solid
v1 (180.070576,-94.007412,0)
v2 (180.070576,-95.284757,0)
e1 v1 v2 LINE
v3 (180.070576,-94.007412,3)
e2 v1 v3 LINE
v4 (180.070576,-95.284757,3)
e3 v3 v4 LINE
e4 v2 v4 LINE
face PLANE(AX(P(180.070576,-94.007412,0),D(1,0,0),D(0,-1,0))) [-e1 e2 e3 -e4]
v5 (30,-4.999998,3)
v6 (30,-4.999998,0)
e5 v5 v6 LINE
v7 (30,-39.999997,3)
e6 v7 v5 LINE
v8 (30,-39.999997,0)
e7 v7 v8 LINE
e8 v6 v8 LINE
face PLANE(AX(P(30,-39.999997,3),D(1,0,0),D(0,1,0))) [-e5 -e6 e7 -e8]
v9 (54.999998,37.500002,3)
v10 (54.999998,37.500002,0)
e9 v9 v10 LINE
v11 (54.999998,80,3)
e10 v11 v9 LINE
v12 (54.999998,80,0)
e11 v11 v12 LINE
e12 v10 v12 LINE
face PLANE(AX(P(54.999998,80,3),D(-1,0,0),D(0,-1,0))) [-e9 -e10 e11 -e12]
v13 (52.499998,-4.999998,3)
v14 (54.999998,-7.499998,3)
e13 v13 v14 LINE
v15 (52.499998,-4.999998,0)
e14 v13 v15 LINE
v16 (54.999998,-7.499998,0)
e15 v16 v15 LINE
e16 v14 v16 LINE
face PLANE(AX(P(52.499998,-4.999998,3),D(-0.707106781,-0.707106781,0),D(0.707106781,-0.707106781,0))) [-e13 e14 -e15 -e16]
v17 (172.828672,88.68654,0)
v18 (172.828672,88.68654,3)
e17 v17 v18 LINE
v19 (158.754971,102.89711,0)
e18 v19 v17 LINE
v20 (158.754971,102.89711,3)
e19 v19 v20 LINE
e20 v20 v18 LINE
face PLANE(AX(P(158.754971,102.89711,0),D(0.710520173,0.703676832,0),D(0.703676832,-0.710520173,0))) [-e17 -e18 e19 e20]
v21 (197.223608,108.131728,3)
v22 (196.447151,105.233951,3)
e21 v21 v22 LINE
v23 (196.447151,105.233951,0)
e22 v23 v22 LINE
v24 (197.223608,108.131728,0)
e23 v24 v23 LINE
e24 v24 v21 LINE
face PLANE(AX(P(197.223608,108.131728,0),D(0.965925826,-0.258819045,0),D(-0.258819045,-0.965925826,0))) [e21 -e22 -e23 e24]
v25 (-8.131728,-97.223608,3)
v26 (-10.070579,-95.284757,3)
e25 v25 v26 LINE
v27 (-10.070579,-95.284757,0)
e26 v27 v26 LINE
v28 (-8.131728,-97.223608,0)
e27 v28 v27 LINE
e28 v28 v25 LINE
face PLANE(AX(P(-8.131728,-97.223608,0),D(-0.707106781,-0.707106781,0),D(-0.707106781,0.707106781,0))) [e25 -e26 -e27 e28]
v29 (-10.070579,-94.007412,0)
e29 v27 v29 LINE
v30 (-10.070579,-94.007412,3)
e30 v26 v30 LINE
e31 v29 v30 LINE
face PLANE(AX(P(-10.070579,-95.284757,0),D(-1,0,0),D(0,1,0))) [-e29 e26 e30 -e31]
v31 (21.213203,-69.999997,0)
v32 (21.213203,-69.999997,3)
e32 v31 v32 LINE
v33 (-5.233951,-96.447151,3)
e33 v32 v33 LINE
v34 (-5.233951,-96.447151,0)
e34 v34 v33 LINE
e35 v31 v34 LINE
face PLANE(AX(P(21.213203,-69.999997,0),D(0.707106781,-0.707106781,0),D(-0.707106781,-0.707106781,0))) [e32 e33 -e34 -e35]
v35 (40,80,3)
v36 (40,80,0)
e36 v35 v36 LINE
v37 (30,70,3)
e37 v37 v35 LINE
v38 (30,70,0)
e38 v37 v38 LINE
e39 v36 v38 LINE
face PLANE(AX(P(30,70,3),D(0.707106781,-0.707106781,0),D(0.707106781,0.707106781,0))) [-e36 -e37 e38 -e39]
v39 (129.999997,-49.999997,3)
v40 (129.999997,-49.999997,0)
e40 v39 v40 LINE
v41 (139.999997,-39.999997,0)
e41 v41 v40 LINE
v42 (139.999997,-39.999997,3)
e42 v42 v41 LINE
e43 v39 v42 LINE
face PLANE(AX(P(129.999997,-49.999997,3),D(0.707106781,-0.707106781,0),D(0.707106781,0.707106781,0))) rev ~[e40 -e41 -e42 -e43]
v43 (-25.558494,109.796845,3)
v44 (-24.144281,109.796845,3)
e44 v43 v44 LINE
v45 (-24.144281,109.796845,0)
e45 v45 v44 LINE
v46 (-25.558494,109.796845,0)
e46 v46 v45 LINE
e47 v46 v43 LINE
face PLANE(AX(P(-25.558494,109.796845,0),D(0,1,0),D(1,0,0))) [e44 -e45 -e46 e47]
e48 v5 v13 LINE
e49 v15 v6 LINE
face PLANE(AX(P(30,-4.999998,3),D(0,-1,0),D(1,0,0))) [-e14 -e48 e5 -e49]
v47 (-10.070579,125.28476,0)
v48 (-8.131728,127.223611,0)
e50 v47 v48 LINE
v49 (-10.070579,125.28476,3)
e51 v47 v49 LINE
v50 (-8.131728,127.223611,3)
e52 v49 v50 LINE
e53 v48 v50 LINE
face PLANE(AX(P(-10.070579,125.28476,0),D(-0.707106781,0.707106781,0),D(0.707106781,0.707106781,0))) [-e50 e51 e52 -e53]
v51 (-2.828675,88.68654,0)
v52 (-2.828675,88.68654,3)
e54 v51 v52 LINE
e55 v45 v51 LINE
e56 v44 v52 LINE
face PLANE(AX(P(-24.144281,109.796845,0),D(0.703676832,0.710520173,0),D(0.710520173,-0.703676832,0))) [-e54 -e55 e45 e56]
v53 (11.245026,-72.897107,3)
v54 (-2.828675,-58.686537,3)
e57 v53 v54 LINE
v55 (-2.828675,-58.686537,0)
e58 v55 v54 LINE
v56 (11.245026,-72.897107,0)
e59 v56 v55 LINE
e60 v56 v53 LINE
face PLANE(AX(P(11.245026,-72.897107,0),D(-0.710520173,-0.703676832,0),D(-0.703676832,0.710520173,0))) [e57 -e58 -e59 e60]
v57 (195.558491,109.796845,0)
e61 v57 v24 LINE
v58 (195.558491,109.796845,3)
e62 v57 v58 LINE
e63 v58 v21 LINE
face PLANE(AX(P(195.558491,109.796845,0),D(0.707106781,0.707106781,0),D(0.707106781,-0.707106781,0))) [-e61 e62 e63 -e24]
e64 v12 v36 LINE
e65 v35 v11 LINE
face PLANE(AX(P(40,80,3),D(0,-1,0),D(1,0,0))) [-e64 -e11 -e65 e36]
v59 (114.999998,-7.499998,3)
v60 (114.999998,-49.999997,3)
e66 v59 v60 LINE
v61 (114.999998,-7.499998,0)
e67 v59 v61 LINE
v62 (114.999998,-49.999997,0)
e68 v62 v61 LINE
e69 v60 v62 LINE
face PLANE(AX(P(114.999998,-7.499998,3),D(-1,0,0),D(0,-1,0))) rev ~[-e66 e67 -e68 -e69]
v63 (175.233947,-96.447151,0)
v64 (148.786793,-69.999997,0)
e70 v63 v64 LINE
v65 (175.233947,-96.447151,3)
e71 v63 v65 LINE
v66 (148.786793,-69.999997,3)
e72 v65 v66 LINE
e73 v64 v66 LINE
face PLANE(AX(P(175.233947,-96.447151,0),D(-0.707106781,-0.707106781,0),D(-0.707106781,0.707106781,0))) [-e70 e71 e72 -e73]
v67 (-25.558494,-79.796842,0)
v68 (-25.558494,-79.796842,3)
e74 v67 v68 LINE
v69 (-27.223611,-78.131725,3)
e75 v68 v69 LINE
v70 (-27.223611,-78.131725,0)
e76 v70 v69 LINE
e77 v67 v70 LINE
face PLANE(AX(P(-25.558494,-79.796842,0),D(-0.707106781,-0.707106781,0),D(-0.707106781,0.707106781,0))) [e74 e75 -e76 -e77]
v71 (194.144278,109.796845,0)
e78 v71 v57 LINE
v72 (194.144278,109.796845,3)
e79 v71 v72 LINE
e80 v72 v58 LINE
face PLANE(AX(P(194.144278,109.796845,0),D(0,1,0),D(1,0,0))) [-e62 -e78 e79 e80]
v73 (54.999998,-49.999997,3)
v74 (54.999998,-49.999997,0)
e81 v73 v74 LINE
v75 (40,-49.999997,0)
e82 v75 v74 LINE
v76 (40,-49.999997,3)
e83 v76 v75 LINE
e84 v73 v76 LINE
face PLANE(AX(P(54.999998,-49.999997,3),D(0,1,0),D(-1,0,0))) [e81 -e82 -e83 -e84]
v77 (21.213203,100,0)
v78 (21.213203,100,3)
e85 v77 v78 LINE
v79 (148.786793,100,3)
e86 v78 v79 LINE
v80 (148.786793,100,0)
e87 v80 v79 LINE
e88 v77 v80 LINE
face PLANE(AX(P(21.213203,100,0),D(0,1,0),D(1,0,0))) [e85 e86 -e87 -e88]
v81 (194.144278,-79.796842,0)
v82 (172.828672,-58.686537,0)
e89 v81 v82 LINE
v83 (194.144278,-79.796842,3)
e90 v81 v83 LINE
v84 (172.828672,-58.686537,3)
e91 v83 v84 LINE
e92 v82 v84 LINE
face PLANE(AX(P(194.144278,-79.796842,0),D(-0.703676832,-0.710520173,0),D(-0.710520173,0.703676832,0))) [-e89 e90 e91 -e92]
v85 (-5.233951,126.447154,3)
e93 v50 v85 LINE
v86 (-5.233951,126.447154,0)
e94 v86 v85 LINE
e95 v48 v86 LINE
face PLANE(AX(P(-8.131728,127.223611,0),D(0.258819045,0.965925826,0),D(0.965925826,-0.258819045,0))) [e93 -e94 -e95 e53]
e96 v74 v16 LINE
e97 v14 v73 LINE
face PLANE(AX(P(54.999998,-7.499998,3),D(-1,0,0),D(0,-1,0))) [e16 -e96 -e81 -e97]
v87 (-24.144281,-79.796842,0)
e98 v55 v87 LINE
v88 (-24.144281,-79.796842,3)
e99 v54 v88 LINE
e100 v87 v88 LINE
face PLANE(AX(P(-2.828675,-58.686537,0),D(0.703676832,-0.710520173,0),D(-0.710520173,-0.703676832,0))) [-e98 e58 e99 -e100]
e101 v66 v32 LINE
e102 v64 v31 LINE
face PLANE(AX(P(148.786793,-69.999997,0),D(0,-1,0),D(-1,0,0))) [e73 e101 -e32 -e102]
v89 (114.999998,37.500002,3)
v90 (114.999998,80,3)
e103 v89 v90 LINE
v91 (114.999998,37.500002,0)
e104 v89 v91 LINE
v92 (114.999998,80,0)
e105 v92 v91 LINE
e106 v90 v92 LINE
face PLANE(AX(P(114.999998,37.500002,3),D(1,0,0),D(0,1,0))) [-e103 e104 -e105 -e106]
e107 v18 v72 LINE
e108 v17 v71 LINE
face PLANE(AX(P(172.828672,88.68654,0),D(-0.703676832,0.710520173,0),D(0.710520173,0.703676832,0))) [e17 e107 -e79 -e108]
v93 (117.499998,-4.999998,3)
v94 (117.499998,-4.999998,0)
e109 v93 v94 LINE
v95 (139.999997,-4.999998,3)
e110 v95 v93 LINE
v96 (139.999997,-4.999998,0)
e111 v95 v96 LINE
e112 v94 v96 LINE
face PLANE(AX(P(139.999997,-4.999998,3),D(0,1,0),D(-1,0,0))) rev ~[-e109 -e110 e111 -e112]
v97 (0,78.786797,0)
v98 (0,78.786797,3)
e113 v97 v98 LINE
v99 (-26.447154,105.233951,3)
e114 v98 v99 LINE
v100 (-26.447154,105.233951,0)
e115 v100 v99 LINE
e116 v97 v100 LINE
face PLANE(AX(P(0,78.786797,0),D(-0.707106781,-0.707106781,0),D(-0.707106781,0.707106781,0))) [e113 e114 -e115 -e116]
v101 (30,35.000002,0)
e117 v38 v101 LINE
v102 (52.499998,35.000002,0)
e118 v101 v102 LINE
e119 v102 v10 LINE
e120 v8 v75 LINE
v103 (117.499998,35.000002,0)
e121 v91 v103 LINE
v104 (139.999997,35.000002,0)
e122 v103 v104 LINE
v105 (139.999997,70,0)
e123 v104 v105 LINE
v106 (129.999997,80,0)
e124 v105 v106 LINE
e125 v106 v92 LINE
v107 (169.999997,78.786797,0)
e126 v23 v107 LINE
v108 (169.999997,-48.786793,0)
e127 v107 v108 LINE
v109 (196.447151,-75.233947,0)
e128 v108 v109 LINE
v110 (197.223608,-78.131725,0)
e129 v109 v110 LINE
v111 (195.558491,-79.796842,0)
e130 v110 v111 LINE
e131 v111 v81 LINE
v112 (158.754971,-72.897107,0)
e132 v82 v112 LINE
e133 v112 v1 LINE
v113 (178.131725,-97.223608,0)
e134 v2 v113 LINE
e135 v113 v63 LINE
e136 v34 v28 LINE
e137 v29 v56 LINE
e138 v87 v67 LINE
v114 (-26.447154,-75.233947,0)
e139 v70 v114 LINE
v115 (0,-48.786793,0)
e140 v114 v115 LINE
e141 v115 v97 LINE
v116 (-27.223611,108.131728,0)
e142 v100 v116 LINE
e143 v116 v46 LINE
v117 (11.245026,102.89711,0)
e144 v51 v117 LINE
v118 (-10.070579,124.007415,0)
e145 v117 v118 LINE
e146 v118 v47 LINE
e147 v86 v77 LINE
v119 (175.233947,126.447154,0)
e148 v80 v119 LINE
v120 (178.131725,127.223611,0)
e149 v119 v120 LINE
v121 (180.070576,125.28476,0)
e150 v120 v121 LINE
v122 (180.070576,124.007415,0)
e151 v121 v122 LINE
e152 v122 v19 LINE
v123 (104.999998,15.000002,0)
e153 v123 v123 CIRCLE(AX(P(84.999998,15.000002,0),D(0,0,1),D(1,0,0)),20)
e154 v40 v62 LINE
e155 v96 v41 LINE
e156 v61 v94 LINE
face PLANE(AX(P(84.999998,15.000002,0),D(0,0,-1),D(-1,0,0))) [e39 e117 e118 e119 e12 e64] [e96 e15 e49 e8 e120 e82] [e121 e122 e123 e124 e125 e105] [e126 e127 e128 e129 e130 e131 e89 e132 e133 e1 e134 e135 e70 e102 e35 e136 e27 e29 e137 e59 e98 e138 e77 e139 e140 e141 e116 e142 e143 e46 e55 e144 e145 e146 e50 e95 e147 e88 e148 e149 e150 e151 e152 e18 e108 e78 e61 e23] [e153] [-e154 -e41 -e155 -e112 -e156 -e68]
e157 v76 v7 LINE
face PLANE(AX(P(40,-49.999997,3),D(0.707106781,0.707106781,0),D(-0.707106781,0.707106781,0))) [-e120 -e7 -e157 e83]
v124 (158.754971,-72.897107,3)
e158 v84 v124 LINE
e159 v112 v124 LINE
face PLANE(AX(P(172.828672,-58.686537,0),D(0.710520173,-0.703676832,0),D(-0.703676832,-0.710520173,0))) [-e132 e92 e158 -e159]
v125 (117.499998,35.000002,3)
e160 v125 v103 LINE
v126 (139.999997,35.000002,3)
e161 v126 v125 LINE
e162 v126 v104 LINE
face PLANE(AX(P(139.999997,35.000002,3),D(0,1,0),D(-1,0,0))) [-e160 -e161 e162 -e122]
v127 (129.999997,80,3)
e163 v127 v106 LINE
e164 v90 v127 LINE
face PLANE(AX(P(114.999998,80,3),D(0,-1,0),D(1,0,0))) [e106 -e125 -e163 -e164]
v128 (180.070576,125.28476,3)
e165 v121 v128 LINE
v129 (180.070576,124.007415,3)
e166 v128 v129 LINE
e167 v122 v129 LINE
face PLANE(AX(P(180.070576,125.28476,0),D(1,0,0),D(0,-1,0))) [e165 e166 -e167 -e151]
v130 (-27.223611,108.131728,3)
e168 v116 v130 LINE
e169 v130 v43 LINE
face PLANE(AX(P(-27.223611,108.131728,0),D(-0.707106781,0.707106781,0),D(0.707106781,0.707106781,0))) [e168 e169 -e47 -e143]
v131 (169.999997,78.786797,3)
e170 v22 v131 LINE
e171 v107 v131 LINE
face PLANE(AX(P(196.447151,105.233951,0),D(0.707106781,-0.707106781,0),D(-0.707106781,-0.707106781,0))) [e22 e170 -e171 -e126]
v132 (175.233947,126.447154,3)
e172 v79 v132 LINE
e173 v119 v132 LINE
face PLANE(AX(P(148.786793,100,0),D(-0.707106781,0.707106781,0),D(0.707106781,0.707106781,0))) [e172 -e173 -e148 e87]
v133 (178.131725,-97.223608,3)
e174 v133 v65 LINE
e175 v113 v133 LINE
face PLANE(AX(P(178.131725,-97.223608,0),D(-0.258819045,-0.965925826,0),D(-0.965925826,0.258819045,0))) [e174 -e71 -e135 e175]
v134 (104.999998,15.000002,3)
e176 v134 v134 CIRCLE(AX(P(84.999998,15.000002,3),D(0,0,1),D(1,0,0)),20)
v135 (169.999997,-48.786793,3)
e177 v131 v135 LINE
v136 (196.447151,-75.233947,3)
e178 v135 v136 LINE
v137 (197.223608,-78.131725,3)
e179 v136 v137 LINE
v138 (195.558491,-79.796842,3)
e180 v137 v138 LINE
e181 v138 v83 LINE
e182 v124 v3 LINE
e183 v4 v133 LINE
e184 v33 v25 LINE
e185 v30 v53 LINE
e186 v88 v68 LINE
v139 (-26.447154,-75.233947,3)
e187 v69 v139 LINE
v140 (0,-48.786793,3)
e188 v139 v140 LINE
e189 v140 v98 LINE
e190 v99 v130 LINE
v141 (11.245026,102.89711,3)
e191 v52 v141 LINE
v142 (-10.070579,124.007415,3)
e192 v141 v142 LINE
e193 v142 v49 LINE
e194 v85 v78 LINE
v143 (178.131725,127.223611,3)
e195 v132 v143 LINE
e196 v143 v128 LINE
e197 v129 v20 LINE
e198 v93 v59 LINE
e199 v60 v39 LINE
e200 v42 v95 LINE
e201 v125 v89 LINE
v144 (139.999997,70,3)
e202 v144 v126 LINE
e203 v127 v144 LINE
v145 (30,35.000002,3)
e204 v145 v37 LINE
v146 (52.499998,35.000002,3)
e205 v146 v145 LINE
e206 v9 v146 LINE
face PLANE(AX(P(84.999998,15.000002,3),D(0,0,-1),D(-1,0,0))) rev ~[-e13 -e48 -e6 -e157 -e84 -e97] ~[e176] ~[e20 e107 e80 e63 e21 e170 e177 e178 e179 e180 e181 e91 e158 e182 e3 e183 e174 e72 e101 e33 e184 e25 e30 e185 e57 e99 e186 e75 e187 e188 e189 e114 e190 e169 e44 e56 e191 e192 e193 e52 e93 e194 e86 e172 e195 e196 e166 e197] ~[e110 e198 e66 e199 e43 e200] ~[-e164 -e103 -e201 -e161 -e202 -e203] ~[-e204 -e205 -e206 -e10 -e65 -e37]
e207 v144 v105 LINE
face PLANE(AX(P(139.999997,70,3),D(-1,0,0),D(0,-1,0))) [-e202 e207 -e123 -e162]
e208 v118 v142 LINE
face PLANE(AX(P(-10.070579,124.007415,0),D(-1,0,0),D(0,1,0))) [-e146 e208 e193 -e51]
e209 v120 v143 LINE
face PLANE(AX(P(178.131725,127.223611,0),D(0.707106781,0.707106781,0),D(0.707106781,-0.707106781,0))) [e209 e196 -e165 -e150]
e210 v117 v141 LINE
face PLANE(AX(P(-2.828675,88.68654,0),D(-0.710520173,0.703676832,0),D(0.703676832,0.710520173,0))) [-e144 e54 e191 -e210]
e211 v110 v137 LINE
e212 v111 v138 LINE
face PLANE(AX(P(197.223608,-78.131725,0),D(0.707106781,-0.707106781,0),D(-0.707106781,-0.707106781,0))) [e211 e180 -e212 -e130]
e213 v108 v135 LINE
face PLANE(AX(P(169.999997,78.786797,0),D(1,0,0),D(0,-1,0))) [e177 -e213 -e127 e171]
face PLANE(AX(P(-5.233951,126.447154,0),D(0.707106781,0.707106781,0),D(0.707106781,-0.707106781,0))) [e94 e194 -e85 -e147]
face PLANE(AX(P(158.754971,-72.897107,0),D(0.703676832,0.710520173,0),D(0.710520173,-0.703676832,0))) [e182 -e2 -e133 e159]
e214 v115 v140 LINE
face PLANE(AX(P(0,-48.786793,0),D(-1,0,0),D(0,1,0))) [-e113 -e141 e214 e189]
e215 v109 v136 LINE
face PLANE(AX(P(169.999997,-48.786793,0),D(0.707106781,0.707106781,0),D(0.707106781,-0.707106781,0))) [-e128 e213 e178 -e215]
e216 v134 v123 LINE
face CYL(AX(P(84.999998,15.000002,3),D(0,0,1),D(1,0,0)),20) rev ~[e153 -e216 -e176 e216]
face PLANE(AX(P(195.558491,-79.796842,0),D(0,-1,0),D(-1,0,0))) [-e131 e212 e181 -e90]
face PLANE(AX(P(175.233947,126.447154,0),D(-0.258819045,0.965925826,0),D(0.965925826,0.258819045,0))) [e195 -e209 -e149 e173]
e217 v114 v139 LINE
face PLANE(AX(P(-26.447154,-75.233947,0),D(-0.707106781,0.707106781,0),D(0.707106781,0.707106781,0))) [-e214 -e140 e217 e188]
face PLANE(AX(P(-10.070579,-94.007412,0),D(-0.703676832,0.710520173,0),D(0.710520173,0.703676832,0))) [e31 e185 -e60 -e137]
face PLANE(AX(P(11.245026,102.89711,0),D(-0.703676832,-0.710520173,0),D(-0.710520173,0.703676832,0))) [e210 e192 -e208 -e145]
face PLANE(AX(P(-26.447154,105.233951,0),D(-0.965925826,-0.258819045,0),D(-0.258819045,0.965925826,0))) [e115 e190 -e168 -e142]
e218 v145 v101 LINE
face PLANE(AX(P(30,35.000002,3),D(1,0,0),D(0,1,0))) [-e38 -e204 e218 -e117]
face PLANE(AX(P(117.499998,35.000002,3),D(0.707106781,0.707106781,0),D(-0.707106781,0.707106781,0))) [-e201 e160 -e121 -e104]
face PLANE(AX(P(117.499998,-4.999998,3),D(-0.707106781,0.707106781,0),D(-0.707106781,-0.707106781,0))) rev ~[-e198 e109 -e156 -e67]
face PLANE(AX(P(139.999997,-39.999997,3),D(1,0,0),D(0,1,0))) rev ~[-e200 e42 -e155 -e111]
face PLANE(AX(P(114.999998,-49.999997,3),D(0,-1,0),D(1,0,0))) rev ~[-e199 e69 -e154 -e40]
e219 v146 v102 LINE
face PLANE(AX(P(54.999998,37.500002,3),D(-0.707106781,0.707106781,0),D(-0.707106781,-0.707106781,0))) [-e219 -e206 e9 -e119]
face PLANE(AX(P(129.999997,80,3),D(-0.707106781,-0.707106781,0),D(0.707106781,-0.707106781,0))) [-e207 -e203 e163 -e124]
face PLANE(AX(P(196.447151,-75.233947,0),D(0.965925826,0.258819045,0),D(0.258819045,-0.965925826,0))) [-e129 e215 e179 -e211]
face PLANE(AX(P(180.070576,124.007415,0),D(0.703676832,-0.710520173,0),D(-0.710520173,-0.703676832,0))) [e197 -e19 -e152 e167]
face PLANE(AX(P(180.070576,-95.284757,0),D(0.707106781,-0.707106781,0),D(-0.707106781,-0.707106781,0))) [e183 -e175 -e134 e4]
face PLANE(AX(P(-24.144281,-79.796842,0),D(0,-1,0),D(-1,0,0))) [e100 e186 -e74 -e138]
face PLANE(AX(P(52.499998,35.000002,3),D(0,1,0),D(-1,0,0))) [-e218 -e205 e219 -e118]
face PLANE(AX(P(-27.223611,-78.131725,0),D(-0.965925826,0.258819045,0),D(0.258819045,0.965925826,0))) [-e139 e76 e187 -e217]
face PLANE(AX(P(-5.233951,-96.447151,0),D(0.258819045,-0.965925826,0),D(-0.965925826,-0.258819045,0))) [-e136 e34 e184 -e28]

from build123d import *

# Parameters (mm, degrees)
BOSS_EXTRUDE1_DEPTH = 3
SKETCH2_R           = 20
CUT_EXTRUDE1_DEPTH  = 10


with BuildPart() as part:
    # Sketch1 → Boss-Extrude1 (new body)
    with BuildSketch(Plane.XY):
        Polygon((158.754970941, -72.897106565), (180.070576123, -94.00741153), (180.070576123, -95.284756679), (178.131724855, -97.223607947), (175.233947376, -96.447150811), (148.786793436, -69.999996871), (21.213203436, -69.999996871), (-5.233950505, -96.447150811), (-8.131727984, -97.223607947), (-10.070579252, -95.284756679), (-10.070579252, -94.00741153), (11.24502593, -72.897106565), (-2.828675487, -58.686536734), (-24.144280669, -79.796841699), (-25.558494231, -79.796841699), (-27.223611076, -78.131724855), (-26.44715394, -75.233947376), (0, -48.786793435), (0, 78.786796565), (-26.44715394, 105.233950505), (-27.223611076, 108.131727984), (-25.558494231, 109.796844828), (-24.144280669, 109.796844828), (-2.828675487, 88.686539863), (11.24502593, 102.897109694), (-10.070579252, 124.007414659), (-10.070579252, 125.284759808), (-8.131727984, 127.223611076), (-5.233950505, 126.447153941), (21.213203436, 100), (148.786793436, 100), (175.233947376, 126.447153941), (178.131724855, 127.223611076), (180.070576123, 125.284759808), (180.070576123, 124.007414659), (158.754970941, 102.897109694), (172.828672358, 88.686539863), (194.14427754, 109.796844828), (195.558491102, 109.796844828), (197.223607947, 108.131727984), (196.447150812, 105.233950505), (169.999996871, 78.786796565), (169.999996871, -48.786793435), (196.447150812, -75.233947376), (197.223607947, -78.131724855), (195.558491102, -79.796841699), (194.14427754, -79.796841699), (172.828672358, -58.686536734), align=None)
    extrude(amount=BOSS_EXTRUDE1_DEPTH)

    # Sketch2 → Cut-Extrude1 (cut)
    with BuildSketch(Plane.XY.offset(3)):
        with Locations((84.999998436, 15.000001565)):
            Circle(SKETCH2_R)
        Polygon((30, 70), (40, 80), (54.999998436, 80), (54.999998436, 37.500001565), (52.499998436, 35.000001565), (30, 35.000001565), align=None)
        Polygon((30, -4.999998435), (52.499998436, -4.999998435), (54.999998436, -7.499998435), (54.999998436, -49.999996871), (40, -49.999996871), (30, -39.999996871), align=None)
        Polygon((139.999996871, -39.999996871), (139.999996871, -4.999998435), (117.499998436, -4.999998435), (114.999998436, -7.499998435), (114.999998436, -49.999996871), (129.999996871, -49.999996871), align=None)
        Polygon((139.999996871, 35.000001565), (117.499998436, 35.000001565), (114.999998436, 37.500001565), (114.999998436, 80), (129.999996871, 80), (139.999996871, 70), align=None)
    extrude(amount=-CUT_EXTRUDE1_DEPTH, mode=Mode.SUBTRACT)


solid = part.part
